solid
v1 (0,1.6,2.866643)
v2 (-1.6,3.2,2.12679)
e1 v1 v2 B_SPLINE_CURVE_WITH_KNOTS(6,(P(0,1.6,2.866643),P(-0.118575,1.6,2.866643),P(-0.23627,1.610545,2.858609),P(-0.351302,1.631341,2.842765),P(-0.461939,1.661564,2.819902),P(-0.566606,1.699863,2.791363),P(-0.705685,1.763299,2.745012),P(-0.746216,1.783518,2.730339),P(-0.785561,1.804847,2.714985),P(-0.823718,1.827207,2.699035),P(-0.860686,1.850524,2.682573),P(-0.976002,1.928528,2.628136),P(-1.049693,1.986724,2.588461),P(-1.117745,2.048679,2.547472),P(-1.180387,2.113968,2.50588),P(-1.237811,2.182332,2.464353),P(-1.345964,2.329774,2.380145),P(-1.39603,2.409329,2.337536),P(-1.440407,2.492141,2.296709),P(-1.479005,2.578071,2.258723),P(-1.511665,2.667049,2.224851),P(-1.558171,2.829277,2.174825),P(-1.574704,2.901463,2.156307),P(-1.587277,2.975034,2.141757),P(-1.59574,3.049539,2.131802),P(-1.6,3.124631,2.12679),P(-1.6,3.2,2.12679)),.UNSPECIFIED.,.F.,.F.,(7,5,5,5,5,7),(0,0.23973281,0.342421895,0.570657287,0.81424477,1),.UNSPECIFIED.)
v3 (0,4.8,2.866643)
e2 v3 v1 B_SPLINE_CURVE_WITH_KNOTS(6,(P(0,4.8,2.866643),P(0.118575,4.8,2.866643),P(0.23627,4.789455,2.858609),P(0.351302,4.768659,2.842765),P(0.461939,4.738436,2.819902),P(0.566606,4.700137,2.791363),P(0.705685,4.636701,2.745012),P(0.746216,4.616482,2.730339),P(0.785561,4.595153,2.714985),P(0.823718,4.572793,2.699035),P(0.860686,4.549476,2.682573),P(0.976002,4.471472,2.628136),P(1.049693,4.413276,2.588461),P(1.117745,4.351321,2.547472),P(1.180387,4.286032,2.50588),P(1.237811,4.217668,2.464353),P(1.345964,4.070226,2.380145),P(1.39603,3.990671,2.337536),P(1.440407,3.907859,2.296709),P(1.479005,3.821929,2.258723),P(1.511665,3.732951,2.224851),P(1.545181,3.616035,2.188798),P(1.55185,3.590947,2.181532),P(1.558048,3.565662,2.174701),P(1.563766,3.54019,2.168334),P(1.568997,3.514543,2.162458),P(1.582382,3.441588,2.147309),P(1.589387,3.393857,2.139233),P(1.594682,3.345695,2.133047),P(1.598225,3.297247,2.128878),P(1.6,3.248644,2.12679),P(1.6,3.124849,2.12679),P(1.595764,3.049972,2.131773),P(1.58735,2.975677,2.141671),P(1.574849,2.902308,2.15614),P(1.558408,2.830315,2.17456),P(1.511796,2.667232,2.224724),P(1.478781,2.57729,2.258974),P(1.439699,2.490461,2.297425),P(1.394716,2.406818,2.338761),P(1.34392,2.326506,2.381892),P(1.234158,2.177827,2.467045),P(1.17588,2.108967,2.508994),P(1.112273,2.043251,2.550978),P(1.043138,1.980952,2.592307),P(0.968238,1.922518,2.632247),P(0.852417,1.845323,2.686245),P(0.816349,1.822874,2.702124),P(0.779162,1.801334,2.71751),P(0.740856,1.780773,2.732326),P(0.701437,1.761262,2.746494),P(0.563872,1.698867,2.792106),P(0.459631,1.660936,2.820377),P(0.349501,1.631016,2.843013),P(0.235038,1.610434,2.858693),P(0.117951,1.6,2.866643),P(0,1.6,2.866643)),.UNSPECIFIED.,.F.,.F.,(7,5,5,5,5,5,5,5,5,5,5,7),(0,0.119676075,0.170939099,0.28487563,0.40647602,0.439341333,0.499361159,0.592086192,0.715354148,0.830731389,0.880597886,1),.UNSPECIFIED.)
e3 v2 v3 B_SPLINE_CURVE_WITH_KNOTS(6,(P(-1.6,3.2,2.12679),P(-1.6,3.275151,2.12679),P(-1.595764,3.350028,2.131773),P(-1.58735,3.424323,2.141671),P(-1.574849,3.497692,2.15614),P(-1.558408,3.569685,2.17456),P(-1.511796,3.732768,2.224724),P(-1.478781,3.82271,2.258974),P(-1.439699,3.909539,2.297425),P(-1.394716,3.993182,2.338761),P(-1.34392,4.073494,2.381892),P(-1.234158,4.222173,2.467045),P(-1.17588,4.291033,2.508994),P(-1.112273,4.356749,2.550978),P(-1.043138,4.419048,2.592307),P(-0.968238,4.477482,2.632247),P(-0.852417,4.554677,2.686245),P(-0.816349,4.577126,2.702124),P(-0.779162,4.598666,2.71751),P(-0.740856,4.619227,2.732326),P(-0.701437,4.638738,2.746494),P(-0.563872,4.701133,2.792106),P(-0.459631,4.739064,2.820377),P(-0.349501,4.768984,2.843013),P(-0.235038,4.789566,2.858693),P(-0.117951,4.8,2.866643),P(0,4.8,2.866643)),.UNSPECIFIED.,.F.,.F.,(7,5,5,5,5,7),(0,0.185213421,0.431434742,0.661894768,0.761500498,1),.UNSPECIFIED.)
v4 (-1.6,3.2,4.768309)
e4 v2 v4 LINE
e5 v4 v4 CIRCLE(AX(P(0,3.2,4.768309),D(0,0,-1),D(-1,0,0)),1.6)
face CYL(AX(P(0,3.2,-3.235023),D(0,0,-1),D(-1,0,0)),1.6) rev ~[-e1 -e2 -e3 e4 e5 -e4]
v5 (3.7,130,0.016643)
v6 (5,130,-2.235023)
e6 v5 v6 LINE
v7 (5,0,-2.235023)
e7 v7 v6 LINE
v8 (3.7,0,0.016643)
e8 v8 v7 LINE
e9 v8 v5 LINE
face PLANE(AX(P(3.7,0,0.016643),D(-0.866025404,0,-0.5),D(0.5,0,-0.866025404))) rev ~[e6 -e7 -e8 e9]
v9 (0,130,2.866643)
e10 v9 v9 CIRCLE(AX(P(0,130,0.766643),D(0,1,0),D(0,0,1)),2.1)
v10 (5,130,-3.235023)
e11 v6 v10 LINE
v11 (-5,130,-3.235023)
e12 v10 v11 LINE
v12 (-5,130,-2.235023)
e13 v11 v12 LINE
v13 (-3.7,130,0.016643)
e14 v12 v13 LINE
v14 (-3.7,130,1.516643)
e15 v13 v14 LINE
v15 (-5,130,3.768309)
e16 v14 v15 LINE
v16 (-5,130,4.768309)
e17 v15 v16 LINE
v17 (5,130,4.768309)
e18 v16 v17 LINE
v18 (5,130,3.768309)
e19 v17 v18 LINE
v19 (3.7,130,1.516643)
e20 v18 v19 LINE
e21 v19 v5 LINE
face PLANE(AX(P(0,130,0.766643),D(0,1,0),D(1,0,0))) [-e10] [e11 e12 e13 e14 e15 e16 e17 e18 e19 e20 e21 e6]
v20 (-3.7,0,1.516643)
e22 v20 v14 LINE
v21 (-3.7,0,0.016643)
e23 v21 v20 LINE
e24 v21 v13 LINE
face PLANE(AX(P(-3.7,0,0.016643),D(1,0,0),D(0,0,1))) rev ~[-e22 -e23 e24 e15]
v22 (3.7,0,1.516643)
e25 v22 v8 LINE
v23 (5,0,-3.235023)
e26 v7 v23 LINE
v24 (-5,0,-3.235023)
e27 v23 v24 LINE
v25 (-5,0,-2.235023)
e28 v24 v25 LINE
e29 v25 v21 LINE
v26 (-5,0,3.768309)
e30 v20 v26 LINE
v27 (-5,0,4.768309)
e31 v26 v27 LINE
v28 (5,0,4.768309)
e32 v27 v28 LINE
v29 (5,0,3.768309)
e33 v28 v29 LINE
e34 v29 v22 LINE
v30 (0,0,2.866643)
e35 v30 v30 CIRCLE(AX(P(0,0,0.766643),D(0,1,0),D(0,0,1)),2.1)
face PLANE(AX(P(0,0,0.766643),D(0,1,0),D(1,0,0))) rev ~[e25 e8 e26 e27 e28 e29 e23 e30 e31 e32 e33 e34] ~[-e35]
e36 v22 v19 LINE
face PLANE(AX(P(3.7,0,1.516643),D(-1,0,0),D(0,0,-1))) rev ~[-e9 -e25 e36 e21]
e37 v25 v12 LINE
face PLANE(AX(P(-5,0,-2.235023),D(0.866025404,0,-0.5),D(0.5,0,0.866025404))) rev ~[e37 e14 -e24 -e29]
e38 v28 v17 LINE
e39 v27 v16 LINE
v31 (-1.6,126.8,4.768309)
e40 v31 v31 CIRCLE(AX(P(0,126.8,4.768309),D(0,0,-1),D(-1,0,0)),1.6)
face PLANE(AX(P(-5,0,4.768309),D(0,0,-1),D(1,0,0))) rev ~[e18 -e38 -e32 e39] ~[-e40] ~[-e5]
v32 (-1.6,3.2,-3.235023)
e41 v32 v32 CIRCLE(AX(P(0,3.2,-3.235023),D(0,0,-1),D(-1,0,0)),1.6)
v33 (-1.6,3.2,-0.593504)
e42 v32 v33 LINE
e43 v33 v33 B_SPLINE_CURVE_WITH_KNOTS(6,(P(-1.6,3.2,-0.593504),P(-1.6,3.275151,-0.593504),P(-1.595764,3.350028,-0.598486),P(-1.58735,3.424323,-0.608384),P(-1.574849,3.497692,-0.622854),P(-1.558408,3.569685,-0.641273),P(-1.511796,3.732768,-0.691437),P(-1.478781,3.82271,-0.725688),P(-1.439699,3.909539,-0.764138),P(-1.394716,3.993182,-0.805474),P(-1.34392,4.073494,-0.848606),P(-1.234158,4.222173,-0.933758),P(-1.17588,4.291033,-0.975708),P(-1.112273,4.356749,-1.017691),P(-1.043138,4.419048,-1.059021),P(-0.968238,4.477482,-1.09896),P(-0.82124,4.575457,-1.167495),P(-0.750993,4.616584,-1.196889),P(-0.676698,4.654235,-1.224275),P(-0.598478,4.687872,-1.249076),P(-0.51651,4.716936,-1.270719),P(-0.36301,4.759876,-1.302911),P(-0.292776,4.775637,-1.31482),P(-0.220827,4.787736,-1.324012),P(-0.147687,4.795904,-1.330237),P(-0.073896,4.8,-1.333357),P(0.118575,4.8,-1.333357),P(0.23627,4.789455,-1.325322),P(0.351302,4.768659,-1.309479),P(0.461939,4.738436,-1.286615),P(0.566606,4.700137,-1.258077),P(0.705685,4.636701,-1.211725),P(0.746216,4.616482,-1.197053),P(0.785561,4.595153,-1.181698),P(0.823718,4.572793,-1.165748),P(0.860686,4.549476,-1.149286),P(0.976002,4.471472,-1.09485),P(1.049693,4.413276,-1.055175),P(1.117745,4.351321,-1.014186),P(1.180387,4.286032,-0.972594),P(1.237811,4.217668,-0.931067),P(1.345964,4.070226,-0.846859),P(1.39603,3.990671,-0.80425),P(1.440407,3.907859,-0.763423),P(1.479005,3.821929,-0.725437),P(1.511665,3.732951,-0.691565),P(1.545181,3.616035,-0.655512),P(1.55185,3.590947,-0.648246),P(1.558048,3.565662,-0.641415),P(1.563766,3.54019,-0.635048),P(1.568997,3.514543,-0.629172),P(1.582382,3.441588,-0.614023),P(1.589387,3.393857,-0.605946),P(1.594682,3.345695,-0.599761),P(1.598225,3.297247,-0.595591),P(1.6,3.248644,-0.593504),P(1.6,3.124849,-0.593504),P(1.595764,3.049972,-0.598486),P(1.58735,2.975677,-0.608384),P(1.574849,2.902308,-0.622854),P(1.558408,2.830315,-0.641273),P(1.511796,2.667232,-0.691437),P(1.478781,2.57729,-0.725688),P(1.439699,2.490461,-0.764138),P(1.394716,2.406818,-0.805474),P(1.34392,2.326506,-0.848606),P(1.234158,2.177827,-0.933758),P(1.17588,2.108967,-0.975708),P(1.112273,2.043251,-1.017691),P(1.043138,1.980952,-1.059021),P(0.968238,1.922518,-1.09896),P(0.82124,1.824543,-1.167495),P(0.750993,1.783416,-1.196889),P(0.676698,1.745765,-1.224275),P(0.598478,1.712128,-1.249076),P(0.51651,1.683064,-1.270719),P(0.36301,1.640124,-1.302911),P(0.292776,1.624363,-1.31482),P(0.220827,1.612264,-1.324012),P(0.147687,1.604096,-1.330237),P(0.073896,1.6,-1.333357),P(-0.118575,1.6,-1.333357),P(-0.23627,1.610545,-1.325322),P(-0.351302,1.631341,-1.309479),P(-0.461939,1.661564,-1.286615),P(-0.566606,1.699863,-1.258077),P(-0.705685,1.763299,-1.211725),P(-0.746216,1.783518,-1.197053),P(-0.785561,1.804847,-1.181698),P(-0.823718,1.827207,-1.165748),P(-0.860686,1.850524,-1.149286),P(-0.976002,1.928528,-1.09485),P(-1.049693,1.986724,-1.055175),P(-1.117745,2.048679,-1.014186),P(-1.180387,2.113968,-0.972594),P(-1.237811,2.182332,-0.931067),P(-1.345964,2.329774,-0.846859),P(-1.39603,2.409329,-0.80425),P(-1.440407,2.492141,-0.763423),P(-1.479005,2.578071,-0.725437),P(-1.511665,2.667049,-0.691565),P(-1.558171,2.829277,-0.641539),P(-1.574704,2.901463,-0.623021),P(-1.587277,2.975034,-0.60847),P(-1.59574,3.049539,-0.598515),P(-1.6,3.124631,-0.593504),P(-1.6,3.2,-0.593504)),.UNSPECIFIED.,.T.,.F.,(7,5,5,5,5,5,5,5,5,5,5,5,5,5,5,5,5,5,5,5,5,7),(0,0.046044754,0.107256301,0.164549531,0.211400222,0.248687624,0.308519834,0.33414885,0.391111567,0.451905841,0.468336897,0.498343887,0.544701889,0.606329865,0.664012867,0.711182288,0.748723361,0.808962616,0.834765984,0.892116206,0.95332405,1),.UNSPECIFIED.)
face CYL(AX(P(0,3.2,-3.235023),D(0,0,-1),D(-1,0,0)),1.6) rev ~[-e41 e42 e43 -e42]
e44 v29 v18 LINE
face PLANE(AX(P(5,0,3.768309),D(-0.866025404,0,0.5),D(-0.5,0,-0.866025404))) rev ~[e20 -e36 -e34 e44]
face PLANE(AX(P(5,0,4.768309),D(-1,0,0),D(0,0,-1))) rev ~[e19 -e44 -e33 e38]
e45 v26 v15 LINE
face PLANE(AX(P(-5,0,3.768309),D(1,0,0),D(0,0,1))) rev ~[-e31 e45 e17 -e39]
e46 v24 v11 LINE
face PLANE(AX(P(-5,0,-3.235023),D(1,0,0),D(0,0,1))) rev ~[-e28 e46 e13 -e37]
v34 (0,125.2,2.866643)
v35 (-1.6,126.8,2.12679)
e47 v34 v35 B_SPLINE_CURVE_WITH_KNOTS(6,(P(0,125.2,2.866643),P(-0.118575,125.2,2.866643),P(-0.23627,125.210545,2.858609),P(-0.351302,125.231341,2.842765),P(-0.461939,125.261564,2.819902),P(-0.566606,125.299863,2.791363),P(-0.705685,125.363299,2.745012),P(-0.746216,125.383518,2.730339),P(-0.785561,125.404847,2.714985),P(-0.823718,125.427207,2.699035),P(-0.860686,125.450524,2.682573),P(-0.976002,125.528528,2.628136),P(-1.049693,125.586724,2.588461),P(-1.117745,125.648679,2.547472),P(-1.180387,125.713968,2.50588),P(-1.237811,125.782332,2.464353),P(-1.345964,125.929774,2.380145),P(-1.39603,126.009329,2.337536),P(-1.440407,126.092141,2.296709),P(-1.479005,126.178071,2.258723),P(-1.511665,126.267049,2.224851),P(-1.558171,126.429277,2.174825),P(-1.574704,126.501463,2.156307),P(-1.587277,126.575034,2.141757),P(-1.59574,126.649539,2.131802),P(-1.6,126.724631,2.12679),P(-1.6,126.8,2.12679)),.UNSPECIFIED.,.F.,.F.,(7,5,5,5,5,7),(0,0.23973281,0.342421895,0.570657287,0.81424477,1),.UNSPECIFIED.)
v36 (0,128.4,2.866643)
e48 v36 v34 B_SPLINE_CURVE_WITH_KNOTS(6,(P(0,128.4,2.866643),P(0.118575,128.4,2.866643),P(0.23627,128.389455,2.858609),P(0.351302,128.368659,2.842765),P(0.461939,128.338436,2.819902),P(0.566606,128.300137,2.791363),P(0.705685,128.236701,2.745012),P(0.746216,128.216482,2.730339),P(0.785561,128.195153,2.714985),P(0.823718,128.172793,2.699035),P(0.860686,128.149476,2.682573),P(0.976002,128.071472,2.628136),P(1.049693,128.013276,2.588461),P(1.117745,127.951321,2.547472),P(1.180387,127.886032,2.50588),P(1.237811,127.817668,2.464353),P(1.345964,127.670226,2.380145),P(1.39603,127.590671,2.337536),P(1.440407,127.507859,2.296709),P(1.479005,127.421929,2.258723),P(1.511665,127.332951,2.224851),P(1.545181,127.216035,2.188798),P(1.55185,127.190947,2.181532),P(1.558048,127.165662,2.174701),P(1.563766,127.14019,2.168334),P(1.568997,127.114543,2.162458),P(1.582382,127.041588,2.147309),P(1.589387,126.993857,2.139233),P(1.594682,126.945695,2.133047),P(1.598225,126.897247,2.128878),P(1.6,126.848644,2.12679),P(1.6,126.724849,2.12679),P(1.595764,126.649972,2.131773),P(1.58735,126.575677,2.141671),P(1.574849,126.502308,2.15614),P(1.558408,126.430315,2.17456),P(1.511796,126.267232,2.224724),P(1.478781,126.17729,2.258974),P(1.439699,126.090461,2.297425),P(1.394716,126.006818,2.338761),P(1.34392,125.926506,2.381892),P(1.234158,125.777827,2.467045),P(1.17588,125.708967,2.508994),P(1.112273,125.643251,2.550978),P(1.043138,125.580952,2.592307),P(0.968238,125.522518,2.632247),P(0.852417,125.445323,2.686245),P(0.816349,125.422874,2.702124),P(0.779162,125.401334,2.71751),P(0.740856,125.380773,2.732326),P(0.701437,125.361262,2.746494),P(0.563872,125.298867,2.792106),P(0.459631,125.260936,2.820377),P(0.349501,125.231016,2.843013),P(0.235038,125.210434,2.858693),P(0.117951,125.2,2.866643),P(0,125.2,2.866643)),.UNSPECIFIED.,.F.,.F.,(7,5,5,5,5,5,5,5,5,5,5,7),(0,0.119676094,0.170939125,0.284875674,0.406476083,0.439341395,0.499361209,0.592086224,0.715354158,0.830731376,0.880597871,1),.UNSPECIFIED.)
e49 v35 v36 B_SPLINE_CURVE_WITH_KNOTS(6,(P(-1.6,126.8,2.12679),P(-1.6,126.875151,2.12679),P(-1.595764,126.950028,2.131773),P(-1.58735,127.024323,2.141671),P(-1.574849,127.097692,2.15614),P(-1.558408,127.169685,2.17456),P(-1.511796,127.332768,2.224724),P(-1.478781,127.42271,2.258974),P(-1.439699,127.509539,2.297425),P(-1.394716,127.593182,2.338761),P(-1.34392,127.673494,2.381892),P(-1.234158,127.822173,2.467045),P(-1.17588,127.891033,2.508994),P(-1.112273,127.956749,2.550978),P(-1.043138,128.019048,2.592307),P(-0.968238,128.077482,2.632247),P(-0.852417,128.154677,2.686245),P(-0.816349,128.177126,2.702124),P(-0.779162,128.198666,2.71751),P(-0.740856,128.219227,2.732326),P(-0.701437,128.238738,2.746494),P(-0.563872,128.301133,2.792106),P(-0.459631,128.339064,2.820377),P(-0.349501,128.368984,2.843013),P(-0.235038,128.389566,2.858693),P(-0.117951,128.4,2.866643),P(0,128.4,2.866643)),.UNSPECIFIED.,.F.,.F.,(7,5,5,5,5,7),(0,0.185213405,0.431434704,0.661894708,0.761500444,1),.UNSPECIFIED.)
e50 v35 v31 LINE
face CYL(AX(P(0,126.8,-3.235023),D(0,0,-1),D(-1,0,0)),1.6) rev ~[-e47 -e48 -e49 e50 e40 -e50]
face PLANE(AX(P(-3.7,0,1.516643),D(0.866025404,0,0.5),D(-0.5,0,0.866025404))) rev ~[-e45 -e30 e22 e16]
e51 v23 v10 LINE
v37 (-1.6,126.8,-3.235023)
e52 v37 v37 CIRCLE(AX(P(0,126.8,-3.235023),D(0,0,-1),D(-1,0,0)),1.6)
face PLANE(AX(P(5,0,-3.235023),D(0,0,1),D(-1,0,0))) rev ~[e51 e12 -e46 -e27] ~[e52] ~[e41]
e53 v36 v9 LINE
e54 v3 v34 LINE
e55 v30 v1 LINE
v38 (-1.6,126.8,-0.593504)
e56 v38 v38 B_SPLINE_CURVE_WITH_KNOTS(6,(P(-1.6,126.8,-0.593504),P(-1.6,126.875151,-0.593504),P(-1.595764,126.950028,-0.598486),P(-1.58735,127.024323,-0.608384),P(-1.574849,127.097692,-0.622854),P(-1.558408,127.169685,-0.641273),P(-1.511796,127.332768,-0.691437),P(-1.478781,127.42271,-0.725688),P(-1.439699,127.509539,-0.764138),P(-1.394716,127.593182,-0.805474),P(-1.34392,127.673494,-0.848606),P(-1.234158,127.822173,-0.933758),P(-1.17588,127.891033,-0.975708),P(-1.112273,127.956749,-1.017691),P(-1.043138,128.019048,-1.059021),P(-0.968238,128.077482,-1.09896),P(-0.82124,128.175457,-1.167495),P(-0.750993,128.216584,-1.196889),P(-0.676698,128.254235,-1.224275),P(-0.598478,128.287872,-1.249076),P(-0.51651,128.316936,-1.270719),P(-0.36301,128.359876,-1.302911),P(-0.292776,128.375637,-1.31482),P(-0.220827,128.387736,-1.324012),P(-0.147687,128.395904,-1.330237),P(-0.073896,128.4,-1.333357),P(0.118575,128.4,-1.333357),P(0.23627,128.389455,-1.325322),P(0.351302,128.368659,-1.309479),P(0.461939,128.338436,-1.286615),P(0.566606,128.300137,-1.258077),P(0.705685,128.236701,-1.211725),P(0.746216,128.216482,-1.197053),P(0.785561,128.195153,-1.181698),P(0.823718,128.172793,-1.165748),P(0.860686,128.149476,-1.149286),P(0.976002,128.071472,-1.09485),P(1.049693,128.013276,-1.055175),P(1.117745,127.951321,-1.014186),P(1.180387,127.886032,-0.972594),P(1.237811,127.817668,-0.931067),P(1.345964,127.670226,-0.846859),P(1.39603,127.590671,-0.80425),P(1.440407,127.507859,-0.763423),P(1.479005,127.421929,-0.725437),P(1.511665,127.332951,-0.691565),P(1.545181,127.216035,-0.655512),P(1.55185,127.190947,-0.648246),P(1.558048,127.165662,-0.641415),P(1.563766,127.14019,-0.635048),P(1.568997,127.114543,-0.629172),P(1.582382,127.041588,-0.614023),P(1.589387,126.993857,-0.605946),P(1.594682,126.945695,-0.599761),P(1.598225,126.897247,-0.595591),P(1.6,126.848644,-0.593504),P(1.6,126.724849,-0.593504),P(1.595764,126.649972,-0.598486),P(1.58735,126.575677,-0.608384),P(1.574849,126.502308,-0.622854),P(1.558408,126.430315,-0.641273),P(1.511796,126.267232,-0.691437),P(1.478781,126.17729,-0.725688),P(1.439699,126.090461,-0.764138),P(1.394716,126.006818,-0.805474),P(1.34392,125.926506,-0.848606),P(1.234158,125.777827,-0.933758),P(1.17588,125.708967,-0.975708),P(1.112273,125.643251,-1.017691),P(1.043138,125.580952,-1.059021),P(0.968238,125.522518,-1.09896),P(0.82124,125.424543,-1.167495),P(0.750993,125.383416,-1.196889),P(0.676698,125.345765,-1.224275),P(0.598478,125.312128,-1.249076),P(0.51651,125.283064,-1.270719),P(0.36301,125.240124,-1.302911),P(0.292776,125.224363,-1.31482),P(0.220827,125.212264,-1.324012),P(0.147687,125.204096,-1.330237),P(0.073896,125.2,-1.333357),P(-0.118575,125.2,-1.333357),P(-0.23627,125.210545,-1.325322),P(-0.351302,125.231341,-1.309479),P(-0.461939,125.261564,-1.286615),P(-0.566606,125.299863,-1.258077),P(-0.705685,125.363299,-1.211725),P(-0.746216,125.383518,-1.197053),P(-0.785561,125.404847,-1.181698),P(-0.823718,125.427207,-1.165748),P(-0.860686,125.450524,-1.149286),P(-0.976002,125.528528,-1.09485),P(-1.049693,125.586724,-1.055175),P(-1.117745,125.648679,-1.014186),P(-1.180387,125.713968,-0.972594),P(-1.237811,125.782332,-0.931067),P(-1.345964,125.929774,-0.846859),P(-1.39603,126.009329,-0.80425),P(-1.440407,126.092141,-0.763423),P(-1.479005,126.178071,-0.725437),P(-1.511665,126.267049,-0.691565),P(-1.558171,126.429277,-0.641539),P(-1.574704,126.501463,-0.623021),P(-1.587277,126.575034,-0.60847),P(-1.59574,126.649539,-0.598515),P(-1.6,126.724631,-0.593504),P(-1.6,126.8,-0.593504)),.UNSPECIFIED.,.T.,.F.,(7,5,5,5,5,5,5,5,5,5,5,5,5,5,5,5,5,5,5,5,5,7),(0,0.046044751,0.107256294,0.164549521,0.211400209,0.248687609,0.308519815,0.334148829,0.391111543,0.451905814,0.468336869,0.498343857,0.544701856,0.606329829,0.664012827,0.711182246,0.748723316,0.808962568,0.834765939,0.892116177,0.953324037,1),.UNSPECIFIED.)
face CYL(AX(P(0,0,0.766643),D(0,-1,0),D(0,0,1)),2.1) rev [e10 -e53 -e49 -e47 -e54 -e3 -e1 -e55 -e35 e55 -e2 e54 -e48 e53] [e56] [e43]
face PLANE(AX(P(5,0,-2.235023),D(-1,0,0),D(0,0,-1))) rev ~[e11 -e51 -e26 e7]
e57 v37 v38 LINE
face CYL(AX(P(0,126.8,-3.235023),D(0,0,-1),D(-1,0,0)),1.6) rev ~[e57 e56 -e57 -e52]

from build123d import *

# Parameters (mm, degrees)
SKETCH_1_R          = 2.1
EXTRUDE_1_DEPTH     = 130
SKETCH_2_R          = 1.6
CUT_EXTRUDE_1_DEPTH = 10


with BuildPart() as part:
    # 草图1 → 凸台-拉伸1 (new body)
    with BuildSketch(Plane(origin=(0, 0, 0), x_dir=(1, 0, 0), z_dir=(0, 1, 0))):
        Polygon((5, 3.235022849), (-5, 3.235022849), (-5, 2.235022849), (-3.7, -0.016643201), (-3.7, -1.516643201), (-5, -3.76830925), (-5, -4.76830925), (5, -4.76830925), (5, -3.76830925), (3.7, -1.516643201), (3.7, -0.016643201), (5, 2.235022849), align=None)
        with Locations(Location((0, -0.766643201, 0), (0, 0, 270))):
            Circle(SKETCH_1_R, mode=Mode.SUBTRACT)
    extrude(amount=EXTRUDE_1_DEPTH)

    # 草图2 → 切除-拉伸1 (cut)
    with BuildSketch(Plane(origin=(0, 0, -3.235022849), x_dir=(-1, 0, 0), z_dir=(0, 0, -1))):
        with Locations((0, 126.8)):
            Circle(SKETCH_2_R)
        with Locations((0, 3.2)):
            Circle(SKETCH_2_R)
    extrude(amount=-CUT_EXTRUDE_1_DEPTH, mode=Mode.SUBTRACT)


solid = part.part
